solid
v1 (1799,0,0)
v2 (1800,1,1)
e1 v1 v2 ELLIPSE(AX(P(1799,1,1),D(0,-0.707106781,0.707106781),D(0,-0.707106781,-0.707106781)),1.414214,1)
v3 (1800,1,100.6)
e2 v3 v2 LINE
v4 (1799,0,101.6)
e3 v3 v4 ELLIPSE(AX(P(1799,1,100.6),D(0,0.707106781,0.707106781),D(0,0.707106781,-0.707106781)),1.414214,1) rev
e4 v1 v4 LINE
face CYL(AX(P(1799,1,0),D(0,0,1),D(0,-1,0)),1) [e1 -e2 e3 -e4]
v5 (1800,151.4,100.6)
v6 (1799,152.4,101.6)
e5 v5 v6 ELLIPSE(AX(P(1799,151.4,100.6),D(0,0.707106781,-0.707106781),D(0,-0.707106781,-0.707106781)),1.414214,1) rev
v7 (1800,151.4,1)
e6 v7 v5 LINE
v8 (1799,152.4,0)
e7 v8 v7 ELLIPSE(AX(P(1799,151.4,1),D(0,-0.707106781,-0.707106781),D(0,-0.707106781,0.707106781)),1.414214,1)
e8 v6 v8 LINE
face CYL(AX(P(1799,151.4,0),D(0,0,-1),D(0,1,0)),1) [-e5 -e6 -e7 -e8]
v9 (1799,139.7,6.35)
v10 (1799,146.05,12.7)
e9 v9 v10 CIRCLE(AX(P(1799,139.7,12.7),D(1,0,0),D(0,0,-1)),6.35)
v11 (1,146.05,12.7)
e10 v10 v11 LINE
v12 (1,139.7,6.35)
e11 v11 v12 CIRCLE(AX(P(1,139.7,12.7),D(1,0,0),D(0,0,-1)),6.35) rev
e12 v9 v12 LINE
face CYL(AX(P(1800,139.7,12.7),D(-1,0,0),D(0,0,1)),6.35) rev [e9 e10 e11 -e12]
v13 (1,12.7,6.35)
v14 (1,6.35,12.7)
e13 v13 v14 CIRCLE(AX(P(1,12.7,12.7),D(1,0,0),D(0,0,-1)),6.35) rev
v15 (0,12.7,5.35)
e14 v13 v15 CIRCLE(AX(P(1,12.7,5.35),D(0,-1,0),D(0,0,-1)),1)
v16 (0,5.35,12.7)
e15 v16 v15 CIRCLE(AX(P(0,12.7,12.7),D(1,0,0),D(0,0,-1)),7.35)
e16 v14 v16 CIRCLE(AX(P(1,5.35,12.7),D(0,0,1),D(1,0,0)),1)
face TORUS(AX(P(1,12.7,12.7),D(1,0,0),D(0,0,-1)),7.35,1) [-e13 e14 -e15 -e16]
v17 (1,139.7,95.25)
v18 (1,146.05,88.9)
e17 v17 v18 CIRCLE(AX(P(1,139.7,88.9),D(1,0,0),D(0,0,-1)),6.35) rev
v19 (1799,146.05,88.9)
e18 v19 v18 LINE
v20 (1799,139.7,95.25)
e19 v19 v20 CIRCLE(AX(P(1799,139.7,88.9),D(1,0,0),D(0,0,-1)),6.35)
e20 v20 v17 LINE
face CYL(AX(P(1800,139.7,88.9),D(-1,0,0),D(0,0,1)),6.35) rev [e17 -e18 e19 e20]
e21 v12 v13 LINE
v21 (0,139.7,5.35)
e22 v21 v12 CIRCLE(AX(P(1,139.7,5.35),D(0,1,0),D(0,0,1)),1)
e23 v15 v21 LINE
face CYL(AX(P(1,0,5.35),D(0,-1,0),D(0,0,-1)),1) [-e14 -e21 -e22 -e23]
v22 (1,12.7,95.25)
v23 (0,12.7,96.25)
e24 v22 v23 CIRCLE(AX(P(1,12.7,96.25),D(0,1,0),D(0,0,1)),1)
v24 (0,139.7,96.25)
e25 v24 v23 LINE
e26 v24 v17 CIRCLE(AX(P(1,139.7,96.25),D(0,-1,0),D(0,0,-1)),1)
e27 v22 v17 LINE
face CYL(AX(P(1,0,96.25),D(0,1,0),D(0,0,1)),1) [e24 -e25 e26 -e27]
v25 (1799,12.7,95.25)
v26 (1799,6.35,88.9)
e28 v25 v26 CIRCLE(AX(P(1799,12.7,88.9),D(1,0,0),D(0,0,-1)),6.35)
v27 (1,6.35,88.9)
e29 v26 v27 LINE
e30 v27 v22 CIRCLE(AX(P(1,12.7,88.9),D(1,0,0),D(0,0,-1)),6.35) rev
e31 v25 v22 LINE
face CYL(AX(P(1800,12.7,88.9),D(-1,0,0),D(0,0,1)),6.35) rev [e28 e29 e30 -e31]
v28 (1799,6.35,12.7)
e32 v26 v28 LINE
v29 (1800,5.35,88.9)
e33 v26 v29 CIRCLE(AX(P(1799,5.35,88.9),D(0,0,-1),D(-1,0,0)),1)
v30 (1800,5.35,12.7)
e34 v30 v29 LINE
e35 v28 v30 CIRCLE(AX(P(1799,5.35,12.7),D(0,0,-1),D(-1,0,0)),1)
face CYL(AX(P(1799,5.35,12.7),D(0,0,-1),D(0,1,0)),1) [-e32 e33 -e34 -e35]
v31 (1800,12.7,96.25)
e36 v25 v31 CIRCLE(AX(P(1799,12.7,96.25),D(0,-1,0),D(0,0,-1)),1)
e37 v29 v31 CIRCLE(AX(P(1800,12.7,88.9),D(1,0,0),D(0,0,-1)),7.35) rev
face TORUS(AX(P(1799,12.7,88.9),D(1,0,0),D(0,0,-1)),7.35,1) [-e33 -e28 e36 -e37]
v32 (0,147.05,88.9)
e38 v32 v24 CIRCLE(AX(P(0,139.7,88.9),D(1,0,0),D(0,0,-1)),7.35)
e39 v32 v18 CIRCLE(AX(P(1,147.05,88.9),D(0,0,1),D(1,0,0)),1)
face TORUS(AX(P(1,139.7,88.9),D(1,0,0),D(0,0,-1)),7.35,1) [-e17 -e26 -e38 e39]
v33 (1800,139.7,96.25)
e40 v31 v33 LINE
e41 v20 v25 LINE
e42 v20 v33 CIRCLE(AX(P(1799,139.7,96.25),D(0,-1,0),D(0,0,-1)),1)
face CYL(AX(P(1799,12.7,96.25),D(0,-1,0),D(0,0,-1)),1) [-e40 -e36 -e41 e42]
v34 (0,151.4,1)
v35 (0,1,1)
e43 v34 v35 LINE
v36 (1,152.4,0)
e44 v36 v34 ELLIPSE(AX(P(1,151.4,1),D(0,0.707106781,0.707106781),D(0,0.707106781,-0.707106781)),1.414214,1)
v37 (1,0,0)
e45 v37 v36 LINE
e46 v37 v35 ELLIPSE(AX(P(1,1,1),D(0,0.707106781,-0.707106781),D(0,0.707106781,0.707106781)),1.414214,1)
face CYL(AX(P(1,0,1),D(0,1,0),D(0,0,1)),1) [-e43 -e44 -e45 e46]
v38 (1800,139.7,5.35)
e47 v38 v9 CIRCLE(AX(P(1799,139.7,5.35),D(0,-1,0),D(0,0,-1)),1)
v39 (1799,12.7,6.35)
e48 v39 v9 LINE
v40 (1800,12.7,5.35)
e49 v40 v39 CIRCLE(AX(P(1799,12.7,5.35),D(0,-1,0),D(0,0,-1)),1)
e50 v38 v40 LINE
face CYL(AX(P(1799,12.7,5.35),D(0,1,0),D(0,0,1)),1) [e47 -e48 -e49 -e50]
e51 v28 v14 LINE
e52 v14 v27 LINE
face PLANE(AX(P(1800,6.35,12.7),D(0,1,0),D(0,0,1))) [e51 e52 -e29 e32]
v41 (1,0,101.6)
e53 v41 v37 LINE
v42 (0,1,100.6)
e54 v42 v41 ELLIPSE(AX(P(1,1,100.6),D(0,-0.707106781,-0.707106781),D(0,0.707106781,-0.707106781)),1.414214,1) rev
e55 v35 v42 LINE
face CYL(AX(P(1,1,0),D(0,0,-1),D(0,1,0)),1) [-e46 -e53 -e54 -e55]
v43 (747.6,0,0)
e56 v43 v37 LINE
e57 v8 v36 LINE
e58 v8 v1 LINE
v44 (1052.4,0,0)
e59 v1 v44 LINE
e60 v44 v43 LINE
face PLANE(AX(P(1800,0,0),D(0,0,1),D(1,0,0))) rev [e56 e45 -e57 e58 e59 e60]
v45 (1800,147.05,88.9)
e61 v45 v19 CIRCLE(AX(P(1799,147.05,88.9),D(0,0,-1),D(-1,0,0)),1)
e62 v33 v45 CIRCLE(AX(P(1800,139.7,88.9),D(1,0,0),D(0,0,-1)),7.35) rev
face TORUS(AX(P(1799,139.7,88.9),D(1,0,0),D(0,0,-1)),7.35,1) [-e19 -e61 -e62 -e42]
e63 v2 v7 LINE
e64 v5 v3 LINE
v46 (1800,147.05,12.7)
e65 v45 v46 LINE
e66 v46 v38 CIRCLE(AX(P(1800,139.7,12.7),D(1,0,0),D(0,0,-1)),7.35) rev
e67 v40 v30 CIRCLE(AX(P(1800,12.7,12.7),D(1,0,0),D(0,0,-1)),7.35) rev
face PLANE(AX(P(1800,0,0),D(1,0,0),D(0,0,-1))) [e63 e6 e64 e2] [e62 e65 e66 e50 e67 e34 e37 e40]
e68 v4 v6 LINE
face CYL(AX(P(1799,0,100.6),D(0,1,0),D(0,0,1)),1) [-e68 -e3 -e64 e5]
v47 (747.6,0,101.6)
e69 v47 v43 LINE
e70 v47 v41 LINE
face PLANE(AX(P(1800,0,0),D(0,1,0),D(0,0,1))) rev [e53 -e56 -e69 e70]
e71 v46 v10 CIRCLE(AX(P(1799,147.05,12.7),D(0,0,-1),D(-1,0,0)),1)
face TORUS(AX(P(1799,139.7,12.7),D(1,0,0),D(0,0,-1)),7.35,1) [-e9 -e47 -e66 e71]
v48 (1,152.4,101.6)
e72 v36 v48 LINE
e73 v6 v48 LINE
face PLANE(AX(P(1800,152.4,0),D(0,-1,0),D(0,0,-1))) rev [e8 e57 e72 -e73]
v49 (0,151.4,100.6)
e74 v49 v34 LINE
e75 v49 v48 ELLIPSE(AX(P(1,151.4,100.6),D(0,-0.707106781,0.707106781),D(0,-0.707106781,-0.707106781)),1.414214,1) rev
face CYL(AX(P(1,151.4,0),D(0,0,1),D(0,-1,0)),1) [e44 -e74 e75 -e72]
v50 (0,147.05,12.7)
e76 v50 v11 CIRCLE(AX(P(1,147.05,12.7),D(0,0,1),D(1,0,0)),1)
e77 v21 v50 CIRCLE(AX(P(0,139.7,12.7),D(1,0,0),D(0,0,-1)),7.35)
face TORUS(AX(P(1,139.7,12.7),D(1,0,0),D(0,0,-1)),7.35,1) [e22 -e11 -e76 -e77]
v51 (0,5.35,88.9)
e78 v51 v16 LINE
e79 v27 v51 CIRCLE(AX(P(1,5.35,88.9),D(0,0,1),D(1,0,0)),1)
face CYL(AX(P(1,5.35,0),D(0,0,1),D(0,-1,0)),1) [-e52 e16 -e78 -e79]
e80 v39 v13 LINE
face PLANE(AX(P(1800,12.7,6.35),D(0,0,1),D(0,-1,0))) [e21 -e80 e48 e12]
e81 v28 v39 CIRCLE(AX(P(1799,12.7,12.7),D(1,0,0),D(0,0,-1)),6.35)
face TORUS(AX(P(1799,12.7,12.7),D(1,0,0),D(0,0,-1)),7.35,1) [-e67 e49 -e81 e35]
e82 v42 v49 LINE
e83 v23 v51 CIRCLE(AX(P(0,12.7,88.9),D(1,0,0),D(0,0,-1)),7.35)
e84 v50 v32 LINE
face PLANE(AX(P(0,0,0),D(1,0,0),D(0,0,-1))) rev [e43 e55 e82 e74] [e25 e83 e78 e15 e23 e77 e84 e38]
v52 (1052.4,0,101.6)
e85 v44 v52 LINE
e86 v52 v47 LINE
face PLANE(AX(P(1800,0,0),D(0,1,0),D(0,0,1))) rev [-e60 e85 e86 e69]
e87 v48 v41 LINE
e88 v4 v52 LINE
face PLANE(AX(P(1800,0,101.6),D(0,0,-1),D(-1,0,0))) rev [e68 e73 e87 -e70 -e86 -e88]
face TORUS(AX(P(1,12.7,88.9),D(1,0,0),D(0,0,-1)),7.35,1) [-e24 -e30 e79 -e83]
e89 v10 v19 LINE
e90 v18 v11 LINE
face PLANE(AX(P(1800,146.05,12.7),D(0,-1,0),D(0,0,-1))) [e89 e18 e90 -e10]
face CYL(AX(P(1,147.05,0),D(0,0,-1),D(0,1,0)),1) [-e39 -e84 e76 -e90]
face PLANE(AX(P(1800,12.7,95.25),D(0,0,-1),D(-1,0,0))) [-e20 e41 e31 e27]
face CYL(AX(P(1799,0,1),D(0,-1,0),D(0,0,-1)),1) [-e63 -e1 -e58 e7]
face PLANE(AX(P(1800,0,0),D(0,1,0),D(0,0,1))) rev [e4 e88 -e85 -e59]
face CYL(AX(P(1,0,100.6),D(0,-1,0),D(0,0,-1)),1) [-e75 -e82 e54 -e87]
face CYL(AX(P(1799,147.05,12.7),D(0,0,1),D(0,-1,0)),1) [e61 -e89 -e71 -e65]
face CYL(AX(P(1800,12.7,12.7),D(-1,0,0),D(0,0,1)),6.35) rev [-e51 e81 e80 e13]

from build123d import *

# Parameters (mm, degrees)
SKETCH1_W           = 101.6
SKETCH1_H           = 152.4
BOSS_EXTRUDE1_DEPTH = 1800
FILLET1_R           = 1


with BuildPart() as part:
    # Sketch1 → Boss-Extrude1 (new body)
    with BuildSketch(Plane(origin=(0, 0, 0), x_dir=(0, 0, -1), z_dir=(1, 0, 0))):
        with Locations((-50.8, 76.2)):
            Rectangle(SKETCH1_W, SKETCH1_H)
        with BuildLine():
            Line((-95.25, 12.7), (-95.25, 139.7))
            ThreePointArc((-95.25, 139.7), (-93.390128061, 144.190128061), (-88.9, 146.05))
            Line((-88.9, 146.05), (-12.7, 146.05))
            ThreePointArc((-12.7, 146.05), (-8.209871939, 144.190128061), (-6.35, 139.7))
            Line((-6.35, 139.7), (-6.35, 12.7))
            ThreePointArc((-6.35, 12.7), (-8.209871939, 8.209871939), (-12.7, 6.35))
            Line((-12.7, 6.35), (-88.9, 6.35))
            ThreePointArc((-88.9, 6.35), (-93.390128061, 8.209871939), (-95.25, 12.7))
        make_face(mode=Mode.SUBTRACT)
    extrude(amount=BOSS_EXTRUDE1_DEPTH)

    # Fillet1
    fillet1_edges = [part.edges().sort_by_distance(p)[0] for p in [
        (1800, 76.2, 101.6),
        (1800, 0, 50.8),
        (0, 8.209871939, 93.390128061),
        (0, 6.35, 50.8),
        (0, 8.209871939, 8.209871939),
        (0, 76.2, 6.35),
        (0, 144.190128061, 8.209871939),
        (0, 146.05, 50.8),
        (0, 144.190128061, 93.390128061),
        (0, 76.2, 95.25),
        (1800, 8.209871939, 93.390128061),
        (1800, 6.35, 50.8),
        (1800, 8.209871939, 8.209871939),
        (1800, 76.2, 6.35),
        (1800, 144.190128061, 8.209871939),
        (1800, 146.05, 50.8),
        (1800, 144.190128061, 93.390128061),
        (1800, 76.2, 95.25),
        (1800, 76.2, 0),
        (0, 0, 50.8),
        (0, 76.2, 101.6),
        (0, 152.4, 50.8),
        (0, 76.2, 0),
        (1800, 152.4, 50.8),
    ]]
    fillet(fillet1_edges, radius=FILLET1_R)


solid = part.part
